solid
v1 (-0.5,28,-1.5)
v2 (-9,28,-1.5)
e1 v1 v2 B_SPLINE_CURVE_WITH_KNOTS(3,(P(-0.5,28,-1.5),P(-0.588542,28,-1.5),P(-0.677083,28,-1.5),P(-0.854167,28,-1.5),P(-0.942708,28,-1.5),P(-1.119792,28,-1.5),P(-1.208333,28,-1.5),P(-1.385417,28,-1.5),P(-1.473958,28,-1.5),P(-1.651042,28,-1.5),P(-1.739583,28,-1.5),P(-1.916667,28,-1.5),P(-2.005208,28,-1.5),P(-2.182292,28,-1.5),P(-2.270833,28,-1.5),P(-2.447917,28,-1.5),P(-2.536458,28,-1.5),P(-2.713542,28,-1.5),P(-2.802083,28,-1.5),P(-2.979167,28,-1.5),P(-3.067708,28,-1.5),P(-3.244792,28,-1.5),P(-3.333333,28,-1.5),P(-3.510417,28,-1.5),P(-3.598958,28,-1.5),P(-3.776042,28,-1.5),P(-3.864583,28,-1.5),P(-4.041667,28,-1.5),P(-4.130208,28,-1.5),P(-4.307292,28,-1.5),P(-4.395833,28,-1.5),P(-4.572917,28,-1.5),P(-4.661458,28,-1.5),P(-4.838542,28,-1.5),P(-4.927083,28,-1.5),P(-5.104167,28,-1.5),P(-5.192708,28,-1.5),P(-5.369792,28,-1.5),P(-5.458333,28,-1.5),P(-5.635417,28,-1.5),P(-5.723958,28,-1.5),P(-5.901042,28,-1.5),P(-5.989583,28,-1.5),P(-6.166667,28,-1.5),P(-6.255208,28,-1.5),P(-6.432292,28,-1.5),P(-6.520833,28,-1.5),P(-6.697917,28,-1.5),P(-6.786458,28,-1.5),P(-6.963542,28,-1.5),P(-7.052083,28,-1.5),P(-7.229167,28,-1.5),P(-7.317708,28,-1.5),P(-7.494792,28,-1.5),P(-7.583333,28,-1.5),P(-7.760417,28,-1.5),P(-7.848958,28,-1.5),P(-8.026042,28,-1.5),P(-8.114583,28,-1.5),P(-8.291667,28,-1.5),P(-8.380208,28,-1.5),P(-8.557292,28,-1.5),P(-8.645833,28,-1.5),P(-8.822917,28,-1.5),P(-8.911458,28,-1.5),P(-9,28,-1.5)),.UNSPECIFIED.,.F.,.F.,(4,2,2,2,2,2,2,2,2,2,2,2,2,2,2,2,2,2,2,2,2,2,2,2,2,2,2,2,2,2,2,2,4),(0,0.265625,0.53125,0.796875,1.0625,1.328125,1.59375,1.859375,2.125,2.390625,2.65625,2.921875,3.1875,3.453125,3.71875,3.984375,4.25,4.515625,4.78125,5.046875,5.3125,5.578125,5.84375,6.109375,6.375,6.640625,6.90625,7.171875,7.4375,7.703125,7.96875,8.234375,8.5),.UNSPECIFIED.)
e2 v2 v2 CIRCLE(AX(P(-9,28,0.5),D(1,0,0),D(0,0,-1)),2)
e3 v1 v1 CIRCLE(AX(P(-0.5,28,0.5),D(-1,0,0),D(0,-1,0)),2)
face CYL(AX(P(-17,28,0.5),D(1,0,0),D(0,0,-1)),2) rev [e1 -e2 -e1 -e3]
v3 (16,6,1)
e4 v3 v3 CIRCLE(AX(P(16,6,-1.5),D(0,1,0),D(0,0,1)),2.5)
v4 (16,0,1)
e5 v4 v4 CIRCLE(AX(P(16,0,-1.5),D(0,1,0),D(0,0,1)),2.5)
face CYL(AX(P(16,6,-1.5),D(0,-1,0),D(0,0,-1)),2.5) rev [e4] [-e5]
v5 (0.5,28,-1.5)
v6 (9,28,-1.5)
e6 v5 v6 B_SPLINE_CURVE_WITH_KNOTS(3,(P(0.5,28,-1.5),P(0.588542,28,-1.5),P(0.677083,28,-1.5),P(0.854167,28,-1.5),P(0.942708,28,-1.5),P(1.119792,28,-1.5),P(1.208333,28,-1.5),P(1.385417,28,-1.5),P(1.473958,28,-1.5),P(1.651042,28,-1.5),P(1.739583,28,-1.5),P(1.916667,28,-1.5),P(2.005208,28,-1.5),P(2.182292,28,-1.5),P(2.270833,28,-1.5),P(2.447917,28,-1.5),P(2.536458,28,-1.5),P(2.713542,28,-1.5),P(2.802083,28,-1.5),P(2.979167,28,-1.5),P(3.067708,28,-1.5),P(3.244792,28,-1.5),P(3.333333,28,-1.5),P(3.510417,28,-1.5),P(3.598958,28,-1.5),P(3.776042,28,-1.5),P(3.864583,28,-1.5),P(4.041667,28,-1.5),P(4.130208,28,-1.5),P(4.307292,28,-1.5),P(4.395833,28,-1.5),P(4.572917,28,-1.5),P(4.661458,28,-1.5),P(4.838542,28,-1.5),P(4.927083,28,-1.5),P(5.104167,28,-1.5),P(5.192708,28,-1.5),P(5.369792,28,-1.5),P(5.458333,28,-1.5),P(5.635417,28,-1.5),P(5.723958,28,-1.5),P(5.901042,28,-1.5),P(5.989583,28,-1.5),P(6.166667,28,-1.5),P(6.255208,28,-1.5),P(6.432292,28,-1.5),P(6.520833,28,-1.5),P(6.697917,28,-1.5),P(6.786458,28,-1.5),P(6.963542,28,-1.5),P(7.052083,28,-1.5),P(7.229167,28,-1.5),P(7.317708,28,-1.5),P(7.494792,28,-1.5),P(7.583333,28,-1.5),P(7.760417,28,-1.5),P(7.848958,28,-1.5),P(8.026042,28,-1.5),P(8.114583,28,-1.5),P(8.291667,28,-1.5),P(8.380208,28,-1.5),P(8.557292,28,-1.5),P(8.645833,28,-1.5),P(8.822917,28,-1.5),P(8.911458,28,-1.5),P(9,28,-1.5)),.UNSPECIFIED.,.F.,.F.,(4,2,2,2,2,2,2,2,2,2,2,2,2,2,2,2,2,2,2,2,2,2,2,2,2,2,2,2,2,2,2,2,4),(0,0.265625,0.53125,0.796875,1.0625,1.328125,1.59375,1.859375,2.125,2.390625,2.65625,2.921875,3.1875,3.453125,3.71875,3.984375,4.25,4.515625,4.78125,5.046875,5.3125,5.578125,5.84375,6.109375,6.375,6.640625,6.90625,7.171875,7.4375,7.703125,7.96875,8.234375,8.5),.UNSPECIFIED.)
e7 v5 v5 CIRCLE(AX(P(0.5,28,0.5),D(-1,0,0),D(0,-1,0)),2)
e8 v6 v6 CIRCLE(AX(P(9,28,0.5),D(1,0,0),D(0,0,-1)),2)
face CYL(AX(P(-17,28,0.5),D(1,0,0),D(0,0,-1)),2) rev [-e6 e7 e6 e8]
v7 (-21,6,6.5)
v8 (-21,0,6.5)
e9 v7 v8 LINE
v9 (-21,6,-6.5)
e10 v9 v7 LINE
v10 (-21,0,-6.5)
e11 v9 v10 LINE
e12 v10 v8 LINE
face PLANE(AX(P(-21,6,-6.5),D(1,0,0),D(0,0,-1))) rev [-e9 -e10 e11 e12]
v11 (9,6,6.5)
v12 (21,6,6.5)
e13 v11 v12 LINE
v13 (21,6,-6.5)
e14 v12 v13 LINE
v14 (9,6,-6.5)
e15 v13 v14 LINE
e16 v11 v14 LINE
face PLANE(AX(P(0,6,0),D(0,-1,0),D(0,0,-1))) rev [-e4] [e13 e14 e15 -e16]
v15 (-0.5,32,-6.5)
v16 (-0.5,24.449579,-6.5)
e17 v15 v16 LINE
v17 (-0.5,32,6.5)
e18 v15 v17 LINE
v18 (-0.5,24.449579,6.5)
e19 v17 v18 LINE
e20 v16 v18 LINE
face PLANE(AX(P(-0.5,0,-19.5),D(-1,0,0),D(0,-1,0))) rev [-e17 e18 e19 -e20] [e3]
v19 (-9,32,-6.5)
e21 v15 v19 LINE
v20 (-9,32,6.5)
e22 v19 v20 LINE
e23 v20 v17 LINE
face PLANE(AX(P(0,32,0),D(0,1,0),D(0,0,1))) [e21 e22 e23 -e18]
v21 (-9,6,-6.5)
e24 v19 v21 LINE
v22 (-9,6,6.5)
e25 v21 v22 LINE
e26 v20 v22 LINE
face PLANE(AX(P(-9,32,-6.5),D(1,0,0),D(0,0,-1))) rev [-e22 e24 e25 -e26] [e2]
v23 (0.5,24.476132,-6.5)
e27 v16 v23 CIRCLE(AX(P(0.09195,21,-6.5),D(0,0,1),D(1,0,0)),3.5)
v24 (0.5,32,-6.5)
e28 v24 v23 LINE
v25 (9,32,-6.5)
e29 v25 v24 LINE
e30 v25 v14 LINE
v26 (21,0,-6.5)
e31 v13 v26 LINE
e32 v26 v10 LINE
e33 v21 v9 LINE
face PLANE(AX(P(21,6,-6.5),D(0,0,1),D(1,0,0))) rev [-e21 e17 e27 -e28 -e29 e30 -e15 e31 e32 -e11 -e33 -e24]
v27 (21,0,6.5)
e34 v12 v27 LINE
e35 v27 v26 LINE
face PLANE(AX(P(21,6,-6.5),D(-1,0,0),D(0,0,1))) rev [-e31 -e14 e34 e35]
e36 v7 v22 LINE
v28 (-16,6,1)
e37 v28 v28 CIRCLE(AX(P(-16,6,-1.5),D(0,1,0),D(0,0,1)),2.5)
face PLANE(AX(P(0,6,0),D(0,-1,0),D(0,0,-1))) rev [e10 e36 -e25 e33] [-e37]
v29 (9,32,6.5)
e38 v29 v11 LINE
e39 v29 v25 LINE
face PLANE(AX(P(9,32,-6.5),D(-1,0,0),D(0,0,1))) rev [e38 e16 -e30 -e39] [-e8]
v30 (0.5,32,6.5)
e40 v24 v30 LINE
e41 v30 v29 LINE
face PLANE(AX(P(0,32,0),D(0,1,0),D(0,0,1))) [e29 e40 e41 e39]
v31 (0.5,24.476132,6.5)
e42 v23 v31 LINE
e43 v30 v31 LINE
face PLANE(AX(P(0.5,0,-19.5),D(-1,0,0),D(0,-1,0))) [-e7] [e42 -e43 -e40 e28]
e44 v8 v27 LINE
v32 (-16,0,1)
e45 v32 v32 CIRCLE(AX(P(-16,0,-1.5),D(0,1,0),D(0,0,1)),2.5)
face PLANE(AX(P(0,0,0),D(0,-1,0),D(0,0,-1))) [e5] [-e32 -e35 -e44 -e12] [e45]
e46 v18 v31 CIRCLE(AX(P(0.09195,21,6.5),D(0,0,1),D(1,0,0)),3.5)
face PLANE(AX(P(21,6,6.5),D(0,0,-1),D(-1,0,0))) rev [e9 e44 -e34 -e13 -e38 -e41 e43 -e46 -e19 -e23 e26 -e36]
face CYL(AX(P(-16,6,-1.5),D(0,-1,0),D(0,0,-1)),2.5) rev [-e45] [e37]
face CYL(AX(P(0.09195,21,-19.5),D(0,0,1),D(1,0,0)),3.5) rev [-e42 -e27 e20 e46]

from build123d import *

# Parameters (mm, degrees)
SKETCH1_W           = 42
SKETCH1_H           = 13
SKETCH1_R           = 2.5
BOSS_EXTRUDE1_DEPTH = 6
SKETCH2_W           = 18
SKETCH2_H           = 13
BOSS_EXTRUDE2_DEPTH = 26
SKETCH3_R           = 3.5
CUT_EXTRUDE1_DEPTH  = 26
SKETCH4_R           = 2
CUT_EXTRUDE2_DEPTH  = 26


with BuildPart() as part:
    # Sketch1 → Boss-Extrude1 (new body)
    with BuildSketch(Plane(origin=(0, 0, 0), x_dir=(1, 0, 0), z_dir=(0, 1, 0))):
        Rectangle(SKETCH1_W, SKETCH1_H)
        with Locations(Location((-16, 1.5, 0), (0, 0, 270))):
            Circle(SKETCH1_R, mode=Mode.SUBTRACT)
        with Locations(Location((16, 1.5, 0), (0, 0, 270))):
            Circle(SKETCH1_R, mode=Mode.SUBTRACT)
    extrude(amount=BOSS_EXTRUDE1_DEPTH)

    # Sketch2 → Boss-Extrude2 (add)
    with BuildSketch(Plane(origin=(0, 6, 0), x_dir=(1, 0, 0), z_dir=(0, 1, 0))):
        Rectangle(SKETCH2_W, SKETCH2_H)
    extrude(amount=BOSS_EXTRUDE2_DEPTH)

    # Sketch3 → Cut-Extrude1 (cut)
    with BuildSketch(Plane.XY.offset(6.5)):
        with Locations((0.091950453, 21)):
            Circle(SKETCH3_R)
        with BuildLine():
            Line((0.5, 32), (-0.5, 32))
            Line((-0.5, 32), (-0.5, 24.449578911))
            ThreePointArc((-0.5, 24.449578911), (-0.000953562, 24.49876676), (0.5, 24.476132271))
            Line((0.5, 24.476132271), (0.5, 32))
        make_face()
    extrude(amount=-CUT_EXTRUDE1_DEPTH, mode=Mode.SUBTRACT)

    # Sketch4 → Cut-Extrude2 (cut)
    with BuildSketch(Plane(origin=(9, 0, 0), x_dir=(0, 0, -1), z_dir=(1, 0, 0))):
        with Locations((-0.5, 28)):
            Circle(SKETCH4_R)
    extrude(amount=-CUT_EXTRUDE2_DEPTH, mode=Mode.SUBTRACT)


solid = part.part
